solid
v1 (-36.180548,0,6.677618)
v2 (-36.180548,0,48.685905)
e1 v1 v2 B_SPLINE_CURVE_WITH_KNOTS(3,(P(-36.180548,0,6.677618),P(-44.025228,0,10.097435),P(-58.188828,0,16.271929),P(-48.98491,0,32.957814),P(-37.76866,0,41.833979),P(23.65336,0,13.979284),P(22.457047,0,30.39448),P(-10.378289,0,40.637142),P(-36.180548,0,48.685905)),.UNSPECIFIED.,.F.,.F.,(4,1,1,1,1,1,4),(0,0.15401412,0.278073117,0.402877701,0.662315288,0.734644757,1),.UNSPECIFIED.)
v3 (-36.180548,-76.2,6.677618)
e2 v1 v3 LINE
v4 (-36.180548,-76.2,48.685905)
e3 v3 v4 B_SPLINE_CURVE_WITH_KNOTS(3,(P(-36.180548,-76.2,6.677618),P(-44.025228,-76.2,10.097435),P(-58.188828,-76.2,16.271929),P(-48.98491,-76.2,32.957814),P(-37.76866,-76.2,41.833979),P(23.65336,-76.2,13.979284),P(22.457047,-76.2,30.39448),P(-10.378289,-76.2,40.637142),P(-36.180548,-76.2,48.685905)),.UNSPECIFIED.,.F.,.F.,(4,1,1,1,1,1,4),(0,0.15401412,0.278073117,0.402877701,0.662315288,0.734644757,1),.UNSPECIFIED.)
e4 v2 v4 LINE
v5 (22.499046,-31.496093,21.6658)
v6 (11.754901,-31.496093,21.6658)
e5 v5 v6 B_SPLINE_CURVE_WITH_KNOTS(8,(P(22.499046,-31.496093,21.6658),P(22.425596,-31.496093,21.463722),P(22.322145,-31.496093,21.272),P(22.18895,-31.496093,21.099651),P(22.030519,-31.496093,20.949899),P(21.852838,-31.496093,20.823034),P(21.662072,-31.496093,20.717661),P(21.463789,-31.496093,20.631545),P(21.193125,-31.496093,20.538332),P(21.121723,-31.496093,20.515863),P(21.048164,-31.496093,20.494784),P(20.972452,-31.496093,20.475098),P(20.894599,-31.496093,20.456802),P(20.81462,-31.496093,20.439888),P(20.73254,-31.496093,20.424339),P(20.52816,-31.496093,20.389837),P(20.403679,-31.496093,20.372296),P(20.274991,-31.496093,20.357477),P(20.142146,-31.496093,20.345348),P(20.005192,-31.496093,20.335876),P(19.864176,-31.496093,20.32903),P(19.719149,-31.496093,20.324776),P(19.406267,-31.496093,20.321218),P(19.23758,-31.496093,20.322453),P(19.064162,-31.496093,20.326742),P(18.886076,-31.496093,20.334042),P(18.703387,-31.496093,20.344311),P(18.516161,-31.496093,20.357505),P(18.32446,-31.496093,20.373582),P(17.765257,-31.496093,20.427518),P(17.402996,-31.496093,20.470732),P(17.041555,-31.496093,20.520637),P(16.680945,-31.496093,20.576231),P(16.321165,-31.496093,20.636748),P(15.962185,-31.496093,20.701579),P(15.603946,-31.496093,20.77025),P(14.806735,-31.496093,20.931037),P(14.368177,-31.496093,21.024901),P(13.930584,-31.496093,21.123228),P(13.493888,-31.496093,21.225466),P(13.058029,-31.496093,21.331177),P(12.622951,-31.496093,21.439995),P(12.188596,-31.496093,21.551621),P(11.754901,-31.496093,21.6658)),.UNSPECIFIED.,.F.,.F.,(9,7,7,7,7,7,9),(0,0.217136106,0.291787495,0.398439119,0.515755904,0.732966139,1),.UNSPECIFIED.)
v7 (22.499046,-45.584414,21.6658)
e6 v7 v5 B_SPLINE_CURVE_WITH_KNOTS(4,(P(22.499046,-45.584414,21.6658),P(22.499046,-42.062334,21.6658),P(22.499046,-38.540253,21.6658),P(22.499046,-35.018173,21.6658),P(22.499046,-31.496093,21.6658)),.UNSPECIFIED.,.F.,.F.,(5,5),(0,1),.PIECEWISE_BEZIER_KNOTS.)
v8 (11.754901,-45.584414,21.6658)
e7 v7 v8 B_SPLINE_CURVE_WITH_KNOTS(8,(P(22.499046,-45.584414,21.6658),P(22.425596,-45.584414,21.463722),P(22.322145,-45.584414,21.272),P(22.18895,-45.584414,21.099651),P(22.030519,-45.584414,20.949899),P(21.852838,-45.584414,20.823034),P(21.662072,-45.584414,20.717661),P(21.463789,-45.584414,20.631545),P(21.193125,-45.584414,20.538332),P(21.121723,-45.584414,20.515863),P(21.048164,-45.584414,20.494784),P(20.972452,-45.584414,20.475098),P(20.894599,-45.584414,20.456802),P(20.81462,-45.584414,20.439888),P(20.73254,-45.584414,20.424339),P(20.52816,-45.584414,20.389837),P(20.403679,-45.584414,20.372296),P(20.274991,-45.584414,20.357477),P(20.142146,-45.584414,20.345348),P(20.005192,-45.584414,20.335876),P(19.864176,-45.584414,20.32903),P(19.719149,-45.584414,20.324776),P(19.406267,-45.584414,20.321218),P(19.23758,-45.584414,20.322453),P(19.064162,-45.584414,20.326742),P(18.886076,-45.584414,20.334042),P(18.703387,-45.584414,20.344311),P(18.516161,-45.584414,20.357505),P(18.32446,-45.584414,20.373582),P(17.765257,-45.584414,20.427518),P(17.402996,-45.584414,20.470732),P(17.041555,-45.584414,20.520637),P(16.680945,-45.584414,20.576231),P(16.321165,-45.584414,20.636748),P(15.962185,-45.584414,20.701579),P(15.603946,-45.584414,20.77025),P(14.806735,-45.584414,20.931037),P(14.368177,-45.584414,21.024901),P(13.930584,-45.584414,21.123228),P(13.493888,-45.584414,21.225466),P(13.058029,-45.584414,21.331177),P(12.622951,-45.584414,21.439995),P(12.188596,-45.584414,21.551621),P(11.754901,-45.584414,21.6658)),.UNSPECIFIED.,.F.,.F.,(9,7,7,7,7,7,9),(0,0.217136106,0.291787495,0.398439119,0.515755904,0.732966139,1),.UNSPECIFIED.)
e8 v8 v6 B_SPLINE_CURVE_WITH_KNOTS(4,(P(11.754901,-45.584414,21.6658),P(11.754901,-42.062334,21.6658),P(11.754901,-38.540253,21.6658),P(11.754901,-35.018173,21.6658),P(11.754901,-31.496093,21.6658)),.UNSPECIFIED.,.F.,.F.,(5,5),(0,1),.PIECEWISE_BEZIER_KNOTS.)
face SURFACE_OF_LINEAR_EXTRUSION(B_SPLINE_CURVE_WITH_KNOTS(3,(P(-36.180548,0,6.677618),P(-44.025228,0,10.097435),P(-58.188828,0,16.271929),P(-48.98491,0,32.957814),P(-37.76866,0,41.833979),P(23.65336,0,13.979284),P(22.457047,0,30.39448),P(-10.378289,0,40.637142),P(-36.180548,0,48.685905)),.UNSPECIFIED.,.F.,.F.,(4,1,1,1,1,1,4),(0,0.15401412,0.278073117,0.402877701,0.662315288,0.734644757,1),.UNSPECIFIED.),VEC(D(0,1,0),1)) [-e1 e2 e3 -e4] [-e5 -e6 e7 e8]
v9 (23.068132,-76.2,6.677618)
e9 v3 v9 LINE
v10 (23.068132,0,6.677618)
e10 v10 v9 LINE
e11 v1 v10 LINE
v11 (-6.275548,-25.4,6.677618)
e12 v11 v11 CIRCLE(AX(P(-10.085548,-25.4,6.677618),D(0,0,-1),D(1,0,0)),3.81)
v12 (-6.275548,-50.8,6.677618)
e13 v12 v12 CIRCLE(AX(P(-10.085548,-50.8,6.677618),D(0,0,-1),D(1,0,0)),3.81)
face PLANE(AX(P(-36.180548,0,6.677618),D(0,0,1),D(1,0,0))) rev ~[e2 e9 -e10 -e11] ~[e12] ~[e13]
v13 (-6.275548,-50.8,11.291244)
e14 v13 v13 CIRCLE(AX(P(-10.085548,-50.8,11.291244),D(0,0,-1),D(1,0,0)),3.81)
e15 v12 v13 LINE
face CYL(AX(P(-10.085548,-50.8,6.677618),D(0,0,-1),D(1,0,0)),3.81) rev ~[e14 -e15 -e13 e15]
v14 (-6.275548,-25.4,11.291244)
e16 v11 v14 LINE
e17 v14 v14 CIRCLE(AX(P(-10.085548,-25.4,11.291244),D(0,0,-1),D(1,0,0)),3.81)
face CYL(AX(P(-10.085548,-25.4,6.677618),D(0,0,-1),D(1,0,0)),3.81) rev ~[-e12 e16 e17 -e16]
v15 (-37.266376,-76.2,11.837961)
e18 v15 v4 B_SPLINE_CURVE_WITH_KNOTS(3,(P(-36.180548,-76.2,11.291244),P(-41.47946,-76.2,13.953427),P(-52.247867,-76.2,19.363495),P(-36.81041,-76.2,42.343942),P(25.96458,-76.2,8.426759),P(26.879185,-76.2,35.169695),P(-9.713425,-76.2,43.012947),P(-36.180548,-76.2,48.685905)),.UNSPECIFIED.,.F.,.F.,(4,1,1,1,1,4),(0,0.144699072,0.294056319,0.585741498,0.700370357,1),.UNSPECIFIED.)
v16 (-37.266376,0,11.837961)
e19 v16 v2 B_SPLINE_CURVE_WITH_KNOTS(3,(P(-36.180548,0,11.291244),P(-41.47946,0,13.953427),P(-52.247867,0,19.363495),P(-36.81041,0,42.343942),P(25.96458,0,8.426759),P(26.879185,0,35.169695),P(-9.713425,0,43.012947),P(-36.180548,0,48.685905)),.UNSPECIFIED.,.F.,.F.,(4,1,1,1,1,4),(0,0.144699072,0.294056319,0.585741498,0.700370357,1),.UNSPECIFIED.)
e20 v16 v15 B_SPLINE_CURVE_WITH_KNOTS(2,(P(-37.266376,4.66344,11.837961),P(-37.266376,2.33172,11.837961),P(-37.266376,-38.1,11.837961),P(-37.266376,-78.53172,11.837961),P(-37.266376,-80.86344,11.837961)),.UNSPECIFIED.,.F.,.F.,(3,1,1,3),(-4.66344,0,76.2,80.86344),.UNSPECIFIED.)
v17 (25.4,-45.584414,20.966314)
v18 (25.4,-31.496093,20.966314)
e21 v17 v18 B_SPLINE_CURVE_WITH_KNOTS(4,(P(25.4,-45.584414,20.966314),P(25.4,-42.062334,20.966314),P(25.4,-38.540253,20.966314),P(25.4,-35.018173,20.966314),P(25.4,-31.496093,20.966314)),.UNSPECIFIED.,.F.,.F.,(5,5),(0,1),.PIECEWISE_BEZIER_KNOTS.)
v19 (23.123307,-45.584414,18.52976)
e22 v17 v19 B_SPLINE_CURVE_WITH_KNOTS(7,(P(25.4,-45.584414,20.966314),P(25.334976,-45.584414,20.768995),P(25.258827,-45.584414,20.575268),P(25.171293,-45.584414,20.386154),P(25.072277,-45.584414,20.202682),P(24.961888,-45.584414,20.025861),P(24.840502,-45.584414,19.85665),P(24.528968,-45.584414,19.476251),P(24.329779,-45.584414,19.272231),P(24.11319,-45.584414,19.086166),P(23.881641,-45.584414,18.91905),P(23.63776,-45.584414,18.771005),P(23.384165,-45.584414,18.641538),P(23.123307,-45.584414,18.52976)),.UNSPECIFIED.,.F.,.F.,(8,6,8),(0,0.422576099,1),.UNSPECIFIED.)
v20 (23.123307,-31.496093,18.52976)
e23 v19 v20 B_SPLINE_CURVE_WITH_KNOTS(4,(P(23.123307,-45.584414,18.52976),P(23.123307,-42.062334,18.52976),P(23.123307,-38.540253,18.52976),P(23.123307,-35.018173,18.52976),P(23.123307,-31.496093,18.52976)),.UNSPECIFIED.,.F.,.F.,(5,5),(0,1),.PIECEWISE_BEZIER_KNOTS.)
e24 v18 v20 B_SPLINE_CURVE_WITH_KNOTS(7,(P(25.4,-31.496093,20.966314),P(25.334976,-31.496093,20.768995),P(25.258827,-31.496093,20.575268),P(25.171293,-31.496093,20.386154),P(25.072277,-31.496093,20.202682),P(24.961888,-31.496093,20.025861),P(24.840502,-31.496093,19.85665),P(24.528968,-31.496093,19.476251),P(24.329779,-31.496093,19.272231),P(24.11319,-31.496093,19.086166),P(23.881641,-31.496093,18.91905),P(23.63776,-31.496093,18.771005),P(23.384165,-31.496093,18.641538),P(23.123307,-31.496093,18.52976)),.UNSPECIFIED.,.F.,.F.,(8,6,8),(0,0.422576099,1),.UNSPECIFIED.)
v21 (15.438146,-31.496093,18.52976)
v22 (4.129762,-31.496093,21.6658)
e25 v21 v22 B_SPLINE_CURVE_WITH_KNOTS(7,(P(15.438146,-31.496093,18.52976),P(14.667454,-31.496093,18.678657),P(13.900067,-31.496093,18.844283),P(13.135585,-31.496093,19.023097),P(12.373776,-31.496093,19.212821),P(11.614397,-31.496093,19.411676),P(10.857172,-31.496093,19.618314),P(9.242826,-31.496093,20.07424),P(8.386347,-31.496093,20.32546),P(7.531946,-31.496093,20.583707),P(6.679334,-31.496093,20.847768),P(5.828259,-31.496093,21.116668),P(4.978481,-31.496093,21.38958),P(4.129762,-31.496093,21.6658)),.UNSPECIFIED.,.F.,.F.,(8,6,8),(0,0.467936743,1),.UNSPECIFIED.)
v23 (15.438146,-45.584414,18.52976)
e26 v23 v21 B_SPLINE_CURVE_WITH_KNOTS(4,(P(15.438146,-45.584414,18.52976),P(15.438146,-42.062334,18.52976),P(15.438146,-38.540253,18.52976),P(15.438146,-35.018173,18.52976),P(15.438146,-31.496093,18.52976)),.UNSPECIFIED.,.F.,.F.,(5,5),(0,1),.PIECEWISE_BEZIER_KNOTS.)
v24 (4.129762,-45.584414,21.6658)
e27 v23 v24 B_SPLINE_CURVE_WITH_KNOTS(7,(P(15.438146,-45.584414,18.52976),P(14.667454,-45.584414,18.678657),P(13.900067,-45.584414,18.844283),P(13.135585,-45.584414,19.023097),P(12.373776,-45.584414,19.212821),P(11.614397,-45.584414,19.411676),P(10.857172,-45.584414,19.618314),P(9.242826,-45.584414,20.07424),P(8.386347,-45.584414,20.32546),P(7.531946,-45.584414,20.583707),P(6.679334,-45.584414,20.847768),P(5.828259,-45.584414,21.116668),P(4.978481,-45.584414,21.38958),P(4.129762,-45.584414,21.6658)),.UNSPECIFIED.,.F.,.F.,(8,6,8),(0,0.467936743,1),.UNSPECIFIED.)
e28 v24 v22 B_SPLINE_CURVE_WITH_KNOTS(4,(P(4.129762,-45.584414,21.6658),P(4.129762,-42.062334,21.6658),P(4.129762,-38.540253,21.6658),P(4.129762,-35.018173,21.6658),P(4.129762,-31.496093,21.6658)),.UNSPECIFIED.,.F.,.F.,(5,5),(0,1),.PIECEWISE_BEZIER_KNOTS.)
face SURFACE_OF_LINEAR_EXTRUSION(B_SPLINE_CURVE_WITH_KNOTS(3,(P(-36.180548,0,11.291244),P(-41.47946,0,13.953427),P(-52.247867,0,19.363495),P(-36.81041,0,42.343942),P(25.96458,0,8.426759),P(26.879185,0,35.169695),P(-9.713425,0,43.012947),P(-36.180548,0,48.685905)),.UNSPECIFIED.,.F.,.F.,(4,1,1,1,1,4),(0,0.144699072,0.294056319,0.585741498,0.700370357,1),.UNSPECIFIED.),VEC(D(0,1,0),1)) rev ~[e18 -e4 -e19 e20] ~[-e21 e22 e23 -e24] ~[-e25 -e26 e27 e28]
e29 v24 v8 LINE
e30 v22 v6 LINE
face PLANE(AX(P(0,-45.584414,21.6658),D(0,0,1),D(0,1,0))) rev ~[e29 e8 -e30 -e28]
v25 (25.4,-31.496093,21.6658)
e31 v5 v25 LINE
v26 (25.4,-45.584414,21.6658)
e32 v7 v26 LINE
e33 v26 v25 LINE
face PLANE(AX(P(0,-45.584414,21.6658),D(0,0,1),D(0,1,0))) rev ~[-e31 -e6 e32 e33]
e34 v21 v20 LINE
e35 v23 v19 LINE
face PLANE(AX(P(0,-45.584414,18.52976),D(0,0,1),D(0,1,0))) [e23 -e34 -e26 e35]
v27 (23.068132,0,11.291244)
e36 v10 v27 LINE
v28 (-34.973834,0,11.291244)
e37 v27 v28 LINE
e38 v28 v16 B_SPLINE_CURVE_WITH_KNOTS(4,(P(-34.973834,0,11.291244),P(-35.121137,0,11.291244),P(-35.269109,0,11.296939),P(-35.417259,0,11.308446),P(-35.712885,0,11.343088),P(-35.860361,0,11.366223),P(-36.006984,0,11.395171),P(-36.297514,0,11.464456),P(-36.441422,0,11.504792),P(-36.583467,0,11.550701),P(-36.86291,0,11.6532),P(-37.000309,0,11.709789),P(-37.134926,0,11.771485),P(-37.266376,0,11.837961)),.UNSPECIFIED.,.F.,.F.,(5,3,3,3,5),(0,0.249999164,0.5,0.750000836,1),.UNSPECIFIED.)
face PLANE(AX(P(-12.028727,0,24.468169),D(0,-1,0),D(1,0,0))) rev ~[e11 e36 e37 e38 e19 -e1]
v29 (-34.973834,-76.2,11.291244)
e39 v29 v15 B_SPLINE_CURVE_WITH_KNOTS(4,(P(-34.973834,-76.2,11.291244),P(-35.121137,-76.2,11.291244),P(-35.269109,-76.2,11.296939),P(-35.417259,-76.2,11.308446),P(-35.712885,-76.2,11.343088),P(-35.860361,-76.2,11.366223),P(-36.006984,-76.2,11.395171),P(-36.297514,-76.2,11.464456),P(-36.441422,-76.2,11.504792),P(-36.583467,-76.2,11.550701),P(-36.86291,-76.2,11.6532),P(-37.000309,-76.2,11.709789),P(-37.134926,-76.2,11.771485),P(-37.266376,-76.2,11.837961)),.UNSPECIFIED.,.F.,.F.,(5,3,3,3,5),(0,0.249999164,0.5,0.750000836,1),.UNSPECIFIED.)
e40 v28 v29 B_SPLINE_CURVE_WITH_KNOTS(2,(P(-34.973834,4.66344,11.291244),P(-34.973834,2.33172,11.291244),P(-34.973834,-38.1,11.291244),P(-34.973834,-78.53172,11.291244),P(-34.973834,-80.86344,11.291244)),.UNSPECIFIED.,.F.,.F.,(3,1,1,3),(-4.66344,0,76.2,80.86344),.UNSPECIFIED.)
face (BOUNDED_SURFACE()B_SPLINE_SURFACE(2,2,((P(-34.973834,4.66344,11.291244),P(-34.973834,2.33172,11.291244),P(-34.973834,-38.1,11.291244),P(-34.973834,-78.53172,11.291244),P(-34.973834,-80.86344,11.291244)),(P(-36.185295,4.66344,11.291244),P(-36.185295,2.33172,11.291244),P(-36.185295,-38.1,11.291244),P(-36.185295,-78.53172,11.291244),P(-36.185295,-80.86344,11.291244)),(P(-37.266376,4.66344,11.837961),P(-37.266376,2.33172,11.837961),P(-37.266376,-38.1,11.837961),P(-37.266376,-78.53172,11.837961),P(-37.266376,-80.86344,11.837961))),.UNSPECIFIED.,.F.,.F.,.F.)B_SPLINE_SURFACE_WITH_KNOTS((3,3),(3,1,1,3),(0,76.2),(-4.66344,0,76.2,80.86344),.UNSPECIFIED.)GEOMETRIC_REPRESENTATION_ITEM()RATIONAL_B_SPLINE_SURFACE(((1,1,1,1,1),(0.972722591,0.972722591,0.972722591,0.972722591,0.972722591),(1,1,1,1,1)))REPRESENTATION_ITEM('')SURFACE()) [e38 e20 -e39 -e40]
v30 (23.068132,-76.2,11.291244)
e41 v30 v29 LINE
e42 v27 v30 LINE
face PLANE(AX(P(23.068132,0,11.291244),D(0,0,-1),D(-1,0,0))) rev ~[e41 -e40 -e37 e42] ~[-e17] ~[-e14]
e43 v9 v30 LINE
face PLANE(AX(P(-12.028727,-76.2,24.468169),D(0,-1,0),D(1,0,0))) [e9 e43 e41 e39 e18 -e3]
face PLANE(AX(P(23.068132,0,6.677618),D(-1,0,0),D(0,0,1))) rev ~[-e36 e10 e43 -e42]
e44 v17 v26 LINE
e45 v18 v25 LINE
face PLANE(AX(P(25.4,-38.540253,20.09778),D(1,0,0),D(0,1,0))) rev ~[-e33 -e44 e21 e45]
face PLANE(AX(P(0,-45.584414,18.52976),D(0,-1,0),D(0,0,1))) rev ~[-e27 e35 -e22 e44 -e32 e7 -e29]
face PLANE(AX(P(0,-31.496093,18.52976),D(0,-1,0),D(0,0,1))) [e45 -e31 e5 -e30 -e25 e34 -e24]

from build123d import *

# Parameters (mm, degrees)
F1_DEPTH = 76.2
F2_R     = 5.08
F3_R     = 3.81
F4_DEPTH = 4.6136262827
F5_W     = 14.0883214772
F5_H     = 3.1360406429
F6_DEPTH = 25.4


with BuildPart() as f1:
    # F0 (on Front) → F1 (new body)
    with BuildSketch(Plane.XZ):
        with BuildLine():
            Line((23.068131879, 11.2912440673), (-36.1805483699, 11.2912440673))
            add(Edge.make_bspline(
                [(-36.1805483699, 11.2912440673), (-41.4794602182, 13.9534271416), (-52.2478673, 19.3634946974), (-36.8104100947, 42.3439422272), (25.964579852, 8.4267593972), (26.8791852057, 35.1696949732), (-9.7134252339, 43.0129471591), (-36.1805483699, 48.6859045923)],
                knots=[0, 0, 0, 0, 0.1446990719, 0.2940563186, 0.5857414975, 0.7003703572, 1, 1, 1, 1], degree=3))
            add(Edge.make_bspline(
                [(-36.1805483699, 6.6776177846), (-44.0252275672, 10.097435106), (-58.1888276537, 16.2719291408), (-48.9849102081, 32.9578143327), (-37.7686598939, 41.8339794698), (23.6533602743, 13.9792842173), (22.4570472386, 30.3944800275), (-10.3782887855, 40.6371420212), (-36.1805483699, 48.6859045923)],
                knots=[0, 0, 0, 0, 0.1540141196, 0.2780731171, 0.4028777008, 0.6623152884, 0.7346447565, 1, 1, 1, 1], degree=3))
            Line((-36.1805483699, 6.6776177846), (23.068131879, 6.6776177846))
            Line((23.068131879, 6.6776177846), (23.068131879, 11.2912440673))
        make_face()
    extrude(amount=F1_DEPTH)

    # F2
    f2_edges = [f1.edges().sort_by_distance(p)[0] for p in [
        (-36.180548, -38.1, 11.291244),
    ]]
    fillet(f2_edges, radius=F2_R)

    # F3 (on face) → F4 (cut, through all)
    with BuildSketch(Plane(origin=(0, 0, 6.6776177846), x_dir=(1, 0, 0), z_dir=(0, 0, -1))):
        with Locations((-10.0855482742, 25.4)):
            Circle(F3_R)
        with Locations((-10.0855482742, 50.8)):
            Circle(F3_R)
    extrude(amount=-F4_DEPTH, mode=Mode.SUBTRACT)

    # F5 (on Right) → F6 (cut)
    with BuildSketch(Plane.YZ):
        with Locations((-38.5402534157, 20.0977800414)):
            Rectangle(F5_W, F5_H)
    extrude(amount=F6_DEPTH, mode=Mode.SUBTRACT)


solid = f1.part
